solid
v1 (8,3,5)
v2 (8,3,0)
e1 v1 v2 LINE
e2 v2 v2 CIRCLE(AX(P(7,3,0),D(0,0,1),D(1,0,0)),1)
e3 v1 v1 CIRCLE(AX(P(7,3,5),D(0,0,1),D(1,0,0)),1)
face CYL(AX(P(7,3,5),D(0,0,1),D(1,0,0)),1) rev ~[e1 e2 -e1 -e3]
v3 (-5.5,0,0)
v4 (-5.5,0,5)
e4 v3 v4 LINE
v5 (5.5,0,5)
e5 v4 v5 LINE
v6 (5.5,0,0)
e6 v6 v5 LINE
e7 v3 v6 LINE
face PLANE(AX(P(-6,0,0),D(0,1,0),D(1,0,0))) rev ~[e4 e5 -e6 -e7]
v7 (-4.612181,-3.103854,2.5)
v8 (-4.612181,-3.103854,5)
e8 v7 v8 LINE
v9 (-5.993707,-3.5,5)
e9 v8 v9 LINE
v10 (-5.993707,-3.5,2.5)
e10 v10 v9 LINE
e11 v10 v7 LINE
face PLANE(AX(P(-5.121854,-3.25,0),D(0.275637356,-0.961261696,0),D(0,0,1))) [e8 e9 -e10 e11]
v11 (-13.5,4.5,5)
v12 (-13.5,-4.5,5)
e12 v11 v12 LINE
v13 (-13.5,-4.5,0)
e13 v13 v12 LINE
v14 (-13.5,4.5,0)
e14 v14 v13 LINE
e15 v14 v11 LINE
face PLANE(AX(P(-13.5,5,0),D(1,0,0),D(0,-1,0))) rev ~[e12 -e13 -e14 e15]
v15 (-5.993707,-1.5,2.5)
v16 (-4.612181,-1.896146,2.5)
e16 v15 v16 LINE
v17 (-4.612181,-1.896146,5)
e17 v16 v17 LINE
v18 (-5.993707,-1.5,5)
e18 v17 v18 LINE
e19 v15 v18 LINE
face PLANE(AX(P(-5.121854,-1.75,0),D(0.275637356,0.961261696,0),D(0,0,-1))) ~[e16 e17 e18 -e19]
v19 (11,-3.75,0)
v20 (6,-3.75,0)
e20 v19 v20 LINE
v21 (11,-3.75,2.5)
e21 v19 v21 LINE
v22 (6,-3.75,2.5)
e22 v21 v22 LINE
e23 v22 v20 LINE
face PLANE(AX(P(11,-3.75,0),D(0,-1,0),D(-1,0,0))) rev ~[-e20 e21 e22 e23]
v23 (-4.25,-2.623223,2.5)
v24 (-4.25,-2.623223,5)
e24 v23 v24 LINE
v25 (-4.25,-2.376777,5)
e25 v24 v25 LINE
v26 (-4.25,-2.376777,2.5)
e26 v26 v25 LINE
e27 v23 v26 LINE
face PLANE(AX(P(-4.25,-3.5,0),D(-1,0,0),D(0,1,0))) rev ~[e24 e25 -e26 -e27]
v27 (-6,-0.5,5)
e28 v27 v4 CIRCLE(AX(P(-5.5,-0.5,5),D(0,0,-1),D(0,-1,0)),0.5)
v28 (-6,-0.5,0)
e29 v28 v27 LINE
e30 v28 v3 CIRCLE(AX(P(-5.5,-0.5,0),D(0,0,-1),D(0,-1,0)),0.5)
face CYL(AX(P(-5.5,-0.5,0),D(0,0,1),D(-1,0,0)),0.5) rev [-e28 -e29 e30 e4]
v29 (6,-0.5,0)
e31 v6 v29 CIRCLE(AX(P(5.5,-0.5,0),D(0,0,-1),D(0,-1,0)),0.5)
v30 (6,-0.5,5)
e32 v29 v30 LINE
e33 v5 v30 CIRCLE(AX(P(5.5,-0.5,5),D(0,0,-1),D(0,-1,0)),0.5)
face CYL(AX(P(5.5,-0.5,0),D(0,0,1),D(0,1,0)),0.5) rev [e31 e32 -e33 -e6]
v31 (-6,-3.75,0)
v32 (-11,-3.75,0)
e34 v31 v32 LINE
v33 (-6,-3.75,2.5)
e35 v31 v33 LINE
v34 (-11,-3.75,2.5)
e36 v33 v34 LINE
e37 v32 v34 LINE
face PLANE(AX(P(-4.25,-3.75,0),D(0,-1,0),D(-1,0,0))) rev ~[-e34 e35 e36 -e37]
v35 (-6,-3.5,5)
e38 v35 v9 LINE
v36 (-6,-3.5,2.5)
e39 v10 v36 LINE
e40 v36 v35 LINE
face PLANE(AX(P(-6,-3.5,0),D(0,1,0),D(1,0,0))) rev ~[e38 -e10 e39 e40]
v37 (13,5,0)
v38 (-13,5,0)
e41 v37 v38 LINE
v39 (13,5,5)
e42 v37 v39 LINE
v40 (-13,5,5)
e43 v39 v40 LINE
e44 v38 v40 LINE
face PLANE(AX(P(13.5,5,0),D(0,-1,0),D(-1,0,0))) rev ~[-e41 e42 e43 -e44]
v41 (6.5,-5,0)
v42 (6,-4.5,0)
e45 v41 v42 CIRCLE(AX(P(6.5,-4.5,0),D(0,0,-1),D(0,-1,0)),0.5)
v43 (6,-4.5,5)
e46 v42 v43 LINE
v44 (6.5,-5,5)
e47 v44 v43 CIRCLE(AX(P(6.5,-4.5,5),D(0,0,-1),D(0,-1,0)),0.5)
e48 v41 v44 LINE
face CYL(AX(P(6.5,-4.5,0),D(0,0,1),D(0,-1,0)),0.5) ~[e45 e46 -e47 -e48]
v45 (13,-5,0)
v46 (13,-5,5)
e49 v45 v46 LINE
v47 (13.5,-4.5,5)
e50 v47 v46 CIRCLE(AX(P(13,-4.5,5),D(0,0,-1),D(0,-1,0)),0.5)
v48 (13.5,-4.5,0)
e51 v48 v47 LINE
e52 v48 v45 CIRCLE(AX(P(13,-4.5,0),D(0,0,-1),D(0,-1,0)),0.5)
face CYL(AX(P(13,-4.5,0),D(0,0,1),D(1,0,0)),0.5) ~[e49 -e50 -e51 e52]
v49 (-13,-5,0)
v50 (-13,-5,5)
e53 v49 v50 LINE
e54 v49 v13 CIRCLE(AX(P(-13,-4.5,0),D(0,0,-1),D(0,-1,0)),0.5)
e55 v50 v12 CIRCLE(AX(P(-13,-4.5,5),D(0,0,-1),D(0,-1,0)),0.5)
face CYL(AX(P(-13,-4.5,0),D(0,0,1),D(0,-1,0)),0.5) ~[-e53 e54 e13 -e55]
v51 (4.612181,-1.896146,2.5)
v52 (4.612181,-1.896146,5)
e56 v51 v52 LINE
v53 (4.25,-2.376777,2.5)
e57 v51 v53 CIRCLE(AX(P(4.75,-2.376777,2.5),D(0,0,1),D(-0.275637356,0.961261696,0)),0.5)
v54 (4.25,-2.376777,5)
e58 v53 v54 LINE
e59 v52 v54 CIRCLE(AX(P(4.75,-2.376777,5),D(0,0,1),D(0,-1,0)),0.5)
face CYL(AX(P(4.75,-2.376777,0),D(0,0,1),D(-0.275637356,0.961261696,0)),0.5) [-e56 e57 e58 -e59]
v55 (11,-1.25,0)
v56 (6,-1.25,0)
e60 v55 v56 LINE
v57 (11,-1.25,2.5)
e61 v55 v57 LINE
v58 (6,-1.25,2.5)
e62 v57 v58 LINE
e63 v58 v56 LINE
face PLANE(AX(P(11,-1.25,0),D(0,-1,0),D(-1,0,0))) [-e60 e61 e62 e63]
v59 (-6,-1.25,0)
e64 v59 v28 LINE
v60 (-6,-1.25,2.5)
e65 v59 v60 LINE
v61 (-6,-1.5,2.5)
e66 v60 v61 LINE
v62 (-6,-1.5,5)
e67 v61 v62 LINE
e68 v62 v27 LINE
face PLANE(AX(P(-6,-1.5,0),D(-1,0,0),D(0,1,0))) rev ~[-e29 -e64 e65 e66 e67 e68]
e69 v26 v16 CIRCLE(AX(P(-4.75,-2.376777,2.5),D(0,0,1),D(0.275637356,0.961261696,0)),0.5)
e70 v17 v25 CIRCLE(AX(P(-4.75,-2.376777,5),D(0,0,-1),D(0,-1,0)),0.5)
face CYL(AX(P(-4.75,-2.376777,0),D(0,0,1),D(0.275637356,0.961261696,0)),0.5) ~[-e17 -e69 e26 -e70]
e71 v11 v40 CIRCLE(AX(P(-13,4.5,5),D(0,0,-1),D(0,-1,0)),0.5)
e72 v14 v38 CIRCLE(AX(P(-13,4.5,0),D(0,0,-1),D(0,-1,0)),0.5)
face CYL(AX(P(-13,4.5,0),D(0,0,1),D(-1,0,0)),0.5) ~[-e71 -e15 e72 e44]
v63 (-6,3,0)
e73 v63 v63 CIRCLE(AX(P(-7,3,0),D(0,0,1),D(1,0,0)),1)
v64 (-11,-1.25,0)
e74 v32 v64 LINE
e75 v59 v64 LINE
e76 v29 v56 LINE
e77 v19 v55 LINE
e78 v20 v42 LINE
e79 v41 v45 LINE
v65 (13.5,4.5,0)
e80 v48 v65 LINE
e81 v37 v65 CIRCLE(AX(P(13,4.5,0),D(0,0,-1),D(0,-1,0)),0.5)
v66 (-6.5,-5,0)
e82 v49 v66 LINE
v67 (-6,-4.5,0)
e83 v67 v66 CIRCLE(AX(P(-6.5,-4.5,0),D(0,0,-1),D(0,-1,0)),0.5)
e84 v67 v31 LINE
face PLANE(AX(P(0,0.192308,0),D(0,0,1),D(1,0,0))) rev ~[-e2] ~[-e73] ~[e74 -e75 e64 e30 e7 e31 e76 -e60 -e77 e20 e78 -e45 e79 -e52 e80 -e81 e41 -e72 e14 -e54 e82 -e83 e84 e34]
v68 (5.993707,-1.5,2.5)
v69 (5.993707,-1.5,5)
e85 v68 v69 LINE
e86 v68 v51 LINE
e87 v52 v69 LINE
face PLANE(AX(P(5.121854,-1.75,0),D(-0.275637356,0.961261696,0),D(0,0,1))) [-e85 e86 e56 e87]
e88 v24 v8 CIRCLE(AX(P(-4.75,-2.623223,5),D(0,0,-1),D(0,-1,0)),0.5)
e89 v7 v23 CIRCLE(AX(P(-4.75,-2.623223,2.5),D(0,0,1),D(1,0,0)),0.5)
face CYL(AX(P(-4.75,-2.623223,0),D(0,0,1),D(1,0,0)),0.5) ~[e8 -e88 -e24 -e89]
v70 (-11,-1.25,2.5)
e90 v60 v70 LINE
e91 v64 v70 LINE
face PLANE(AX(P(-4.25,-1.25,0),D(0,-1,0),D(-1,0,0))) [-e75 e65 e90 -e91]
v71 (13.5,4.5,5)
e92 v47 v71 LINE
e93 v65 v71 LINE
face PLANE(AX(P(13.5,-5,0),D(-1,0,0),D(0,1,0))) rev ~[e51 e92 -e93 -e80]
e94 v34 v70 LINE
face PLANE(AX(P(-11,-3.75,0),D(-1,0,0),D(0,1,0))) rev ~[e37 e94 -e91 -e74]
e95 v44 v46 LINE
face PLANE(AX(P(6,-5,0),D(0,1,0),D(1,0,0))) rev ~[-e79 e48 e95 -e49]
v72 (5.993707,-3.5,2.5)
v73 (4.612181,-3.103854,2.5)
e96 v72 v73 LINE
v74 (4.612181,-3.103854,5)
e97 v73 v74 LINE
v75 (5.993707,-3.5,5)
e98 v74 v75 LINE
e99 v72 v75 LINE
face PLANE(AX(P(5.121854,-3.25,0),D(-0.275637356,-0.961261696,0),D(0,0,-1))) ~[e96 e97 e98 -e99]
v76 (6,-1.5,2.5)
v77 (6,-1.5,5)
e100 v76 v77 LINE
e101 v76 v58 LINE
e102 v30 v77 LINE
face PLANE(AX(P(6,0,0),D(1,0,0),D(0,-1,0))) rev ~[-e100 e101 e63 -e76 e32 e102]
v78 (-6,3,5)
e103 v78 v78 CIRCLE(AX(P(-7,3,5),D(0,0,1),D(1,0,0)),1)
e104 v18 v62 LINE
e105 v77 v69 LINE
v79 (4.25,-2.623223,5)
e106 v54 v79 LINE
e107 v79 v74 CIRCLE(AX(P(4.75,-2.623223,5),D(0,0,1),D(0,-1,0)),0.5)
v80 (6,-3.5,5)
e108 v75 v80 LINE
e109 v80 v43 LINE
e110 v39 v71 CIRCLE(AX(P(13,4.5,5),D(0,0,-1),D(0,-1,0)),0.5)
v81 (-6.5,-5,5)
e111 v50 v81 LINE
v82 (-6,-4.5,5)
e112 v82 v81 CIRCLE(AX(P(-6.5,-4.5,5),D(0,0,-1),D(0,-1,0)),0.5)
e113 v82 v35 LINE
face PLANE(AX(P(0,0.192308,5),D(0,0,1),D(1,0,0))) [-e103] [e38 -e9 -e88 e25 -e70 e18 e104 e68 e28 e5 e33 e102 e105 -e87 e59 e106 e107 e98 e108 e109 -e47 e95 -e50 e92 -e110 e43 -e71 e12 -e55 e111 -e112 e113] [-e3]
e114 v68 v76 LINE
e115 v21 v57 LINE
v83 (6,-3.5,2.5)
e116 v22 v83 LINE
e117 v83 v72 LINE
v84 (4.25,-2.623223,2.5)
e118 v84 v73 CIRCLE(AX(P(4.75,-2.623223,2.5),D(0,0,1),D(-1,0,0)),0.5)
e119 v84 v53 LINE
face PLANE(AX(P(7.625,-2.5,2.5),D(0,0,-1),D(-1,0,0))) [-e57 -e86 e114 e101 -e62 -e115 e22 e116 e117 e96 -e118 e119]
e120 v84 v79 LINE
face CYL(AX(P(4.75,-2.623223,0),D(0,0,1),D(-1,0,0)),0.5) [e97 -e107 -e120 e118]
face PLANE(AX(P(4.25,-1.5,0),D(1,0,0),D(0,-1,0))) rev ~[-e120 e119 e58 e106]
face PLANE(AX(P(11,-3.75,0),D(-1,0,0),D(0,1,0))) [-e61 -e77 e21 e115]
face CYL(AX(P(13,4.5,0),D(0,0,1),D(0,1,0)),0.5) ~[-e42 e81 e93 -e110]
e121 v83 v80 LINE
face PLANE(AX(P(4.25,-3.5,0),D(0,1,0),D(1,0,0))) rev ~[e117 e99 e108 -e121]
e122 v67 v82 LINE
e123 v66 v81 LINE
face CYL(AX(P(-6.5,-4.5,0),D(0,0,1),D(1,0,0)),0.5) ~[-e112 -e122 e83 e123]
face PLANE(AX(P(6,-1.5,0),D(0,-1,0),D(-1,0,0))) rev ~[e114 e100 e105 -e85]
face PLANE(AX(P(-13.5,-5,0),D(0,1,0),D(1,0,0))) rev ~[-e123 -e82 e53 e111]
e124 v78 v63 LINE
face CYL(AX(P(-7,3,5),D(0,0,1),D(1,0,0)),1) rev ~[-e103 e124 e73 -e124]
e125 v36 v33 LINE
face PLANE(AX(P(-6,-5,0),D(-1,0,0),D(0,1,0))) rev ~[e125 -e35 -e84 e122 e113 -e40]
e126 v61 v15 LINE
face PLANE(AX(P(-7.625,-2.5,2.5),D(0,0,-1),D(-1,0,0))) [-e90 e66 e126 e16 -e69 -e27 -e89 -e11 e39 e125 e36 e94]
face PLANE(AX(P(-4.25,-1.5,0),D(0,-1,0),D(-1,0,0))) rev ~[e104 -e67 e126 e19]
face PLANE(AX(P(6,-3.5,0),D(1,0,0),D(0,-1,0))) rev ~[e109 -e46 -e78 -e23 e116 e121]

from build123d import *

# Parameters (mm, degrees)
BOSS_EXTRUDE1_DEPTH   = 5
CHAMFER1_SIZE         = 0.5
CHAMFER1_SIZE2        = 1.743707222
CHAMFER1_PART_2_SIZE  = 0.5
CHAMFER1_PART_2_SIZE2 = 1.743707222
FILLET1_R             = 0.5
SKETCH2_R             = 1
CUT_EXTRUDE1_DEPTH    = 5
FILLET2_R             = 0.5
SKETCH4_W             = 6.75
SKETCH4_H             = 2.5
CUT_EXTRUDE2_DEPTH    = 2.5


with BuildPart() as part:
    # Sketch1 → Boss-Extrude1 (new body)
    with BuildSketch(Plane.XY):
        Polygon((-6, -1.5), (-6, 0), (6, 0), (6, -1.5), (4.25, -1.5), (4.25, -3.5), (6, -3.5), (6, -5), (13.5, -5), (13.5, 5), (-13.5, 5), (-13.5, -5), (-6, -5), (-6, -3.5), (-4.25, -3.5), (-4.25, -1.5), align=None)
    extrude(amount=BOSS_EXTRUDE1_DEPTH)

    # Chamfer1
    chamfer1_edges = [part.edges().sort_by_distance(p)[0] for p in [
        (4.25, -3.5, 2.5),
        (4.25, -1.5, 2.5),
    ]]
    chamfer1_side = [part.faces().sort_by_distance(p)[0] for p in [
        (4.25, -2.5, 2.5),
    ]]
    chamfer(chamfer1_edges, length=CHAMFER1_SIZE, length2=CHAMFER1_SIZE2, reference=chamfer1_side[0])

    # Chamfer1 part 2
    chamfer1_part_2_edges = [part.edges().sort_by_distance(p)[0] for p in [
        (-4.25, -1.5, 2.5),
        (-4.25, -3.5, 2.5),
    ]]
    chamfer1_part_2_side = [part.faces().sort_by_distance(p)[0] for p in [
        (-4.25, -2.5, 2.5),
    ]]
    chamfer(chamfer1_part_2_edges, length=CHAMFER1_PART_2_SIZE, length2=CHAMFER1_PART_2_SIZE2, reference=chamfer1_part_2_side[0])

    # Fillet1
    fillet1_edges = [part.edges().sort_by_distance(p)[0] for p in [
        (4.25, -2, 2.5),
        (4.25, -3, 2.5),
        (-4.25, -2, 2.5),
        (-4.25, -3, 2.5),
    ]]
    fillet(fillet1_edges, radius=FILLET1_R)

    # Sketch2 → Cut-Extrude1 (cut)
    with BuildSketch(Plane.XY.offset(5)):
        with Locations((-7, 3)):
            Circle(SKETCH2_R)
        with Locations((7, 3)):
            Circle(SKETCH2_R)
    extrude(amount=-CUT_EXTRUDE1_DEPTH, mode=Mode.SUBTRACT)

    # Fillet2
    fillet2_edges = [part.edges().sort_by_distance(p)[0] for p in [
        (6, -5, 2.5),
        (6, 0, 2.5),
        (-6, 0, 2.5),
        (-6, -5, 2.5),
        (-13.5, -5, 2.5),
        (-13.5, 5, 2.5),
        (13.5, 5, 2.5),
        (13.5, -5, 2.5),
    ]]
    fillet(fillet2_edges, radius=FILLET2_R)

    # Sketch4 → Cut-Extrude2 (cut)
    with BuildSketch(Plane(origin=(0, 0, 0), x_dir=(-1, 0, 0), z_dir=(0, 0, -1))):
        with Locations((-7.625, -2.5)):
            Rectangle(SKETCH4_W, SKETCH4_H)
        with Locations((7.625, -2.5)):
            Rectangle(SKETCH4_W, SKETCH4_H)
    extrude(amount=-CUT_EXTRUDE2_DEPTH, mode=Mode.SUBTRACT)


solid = part.part
